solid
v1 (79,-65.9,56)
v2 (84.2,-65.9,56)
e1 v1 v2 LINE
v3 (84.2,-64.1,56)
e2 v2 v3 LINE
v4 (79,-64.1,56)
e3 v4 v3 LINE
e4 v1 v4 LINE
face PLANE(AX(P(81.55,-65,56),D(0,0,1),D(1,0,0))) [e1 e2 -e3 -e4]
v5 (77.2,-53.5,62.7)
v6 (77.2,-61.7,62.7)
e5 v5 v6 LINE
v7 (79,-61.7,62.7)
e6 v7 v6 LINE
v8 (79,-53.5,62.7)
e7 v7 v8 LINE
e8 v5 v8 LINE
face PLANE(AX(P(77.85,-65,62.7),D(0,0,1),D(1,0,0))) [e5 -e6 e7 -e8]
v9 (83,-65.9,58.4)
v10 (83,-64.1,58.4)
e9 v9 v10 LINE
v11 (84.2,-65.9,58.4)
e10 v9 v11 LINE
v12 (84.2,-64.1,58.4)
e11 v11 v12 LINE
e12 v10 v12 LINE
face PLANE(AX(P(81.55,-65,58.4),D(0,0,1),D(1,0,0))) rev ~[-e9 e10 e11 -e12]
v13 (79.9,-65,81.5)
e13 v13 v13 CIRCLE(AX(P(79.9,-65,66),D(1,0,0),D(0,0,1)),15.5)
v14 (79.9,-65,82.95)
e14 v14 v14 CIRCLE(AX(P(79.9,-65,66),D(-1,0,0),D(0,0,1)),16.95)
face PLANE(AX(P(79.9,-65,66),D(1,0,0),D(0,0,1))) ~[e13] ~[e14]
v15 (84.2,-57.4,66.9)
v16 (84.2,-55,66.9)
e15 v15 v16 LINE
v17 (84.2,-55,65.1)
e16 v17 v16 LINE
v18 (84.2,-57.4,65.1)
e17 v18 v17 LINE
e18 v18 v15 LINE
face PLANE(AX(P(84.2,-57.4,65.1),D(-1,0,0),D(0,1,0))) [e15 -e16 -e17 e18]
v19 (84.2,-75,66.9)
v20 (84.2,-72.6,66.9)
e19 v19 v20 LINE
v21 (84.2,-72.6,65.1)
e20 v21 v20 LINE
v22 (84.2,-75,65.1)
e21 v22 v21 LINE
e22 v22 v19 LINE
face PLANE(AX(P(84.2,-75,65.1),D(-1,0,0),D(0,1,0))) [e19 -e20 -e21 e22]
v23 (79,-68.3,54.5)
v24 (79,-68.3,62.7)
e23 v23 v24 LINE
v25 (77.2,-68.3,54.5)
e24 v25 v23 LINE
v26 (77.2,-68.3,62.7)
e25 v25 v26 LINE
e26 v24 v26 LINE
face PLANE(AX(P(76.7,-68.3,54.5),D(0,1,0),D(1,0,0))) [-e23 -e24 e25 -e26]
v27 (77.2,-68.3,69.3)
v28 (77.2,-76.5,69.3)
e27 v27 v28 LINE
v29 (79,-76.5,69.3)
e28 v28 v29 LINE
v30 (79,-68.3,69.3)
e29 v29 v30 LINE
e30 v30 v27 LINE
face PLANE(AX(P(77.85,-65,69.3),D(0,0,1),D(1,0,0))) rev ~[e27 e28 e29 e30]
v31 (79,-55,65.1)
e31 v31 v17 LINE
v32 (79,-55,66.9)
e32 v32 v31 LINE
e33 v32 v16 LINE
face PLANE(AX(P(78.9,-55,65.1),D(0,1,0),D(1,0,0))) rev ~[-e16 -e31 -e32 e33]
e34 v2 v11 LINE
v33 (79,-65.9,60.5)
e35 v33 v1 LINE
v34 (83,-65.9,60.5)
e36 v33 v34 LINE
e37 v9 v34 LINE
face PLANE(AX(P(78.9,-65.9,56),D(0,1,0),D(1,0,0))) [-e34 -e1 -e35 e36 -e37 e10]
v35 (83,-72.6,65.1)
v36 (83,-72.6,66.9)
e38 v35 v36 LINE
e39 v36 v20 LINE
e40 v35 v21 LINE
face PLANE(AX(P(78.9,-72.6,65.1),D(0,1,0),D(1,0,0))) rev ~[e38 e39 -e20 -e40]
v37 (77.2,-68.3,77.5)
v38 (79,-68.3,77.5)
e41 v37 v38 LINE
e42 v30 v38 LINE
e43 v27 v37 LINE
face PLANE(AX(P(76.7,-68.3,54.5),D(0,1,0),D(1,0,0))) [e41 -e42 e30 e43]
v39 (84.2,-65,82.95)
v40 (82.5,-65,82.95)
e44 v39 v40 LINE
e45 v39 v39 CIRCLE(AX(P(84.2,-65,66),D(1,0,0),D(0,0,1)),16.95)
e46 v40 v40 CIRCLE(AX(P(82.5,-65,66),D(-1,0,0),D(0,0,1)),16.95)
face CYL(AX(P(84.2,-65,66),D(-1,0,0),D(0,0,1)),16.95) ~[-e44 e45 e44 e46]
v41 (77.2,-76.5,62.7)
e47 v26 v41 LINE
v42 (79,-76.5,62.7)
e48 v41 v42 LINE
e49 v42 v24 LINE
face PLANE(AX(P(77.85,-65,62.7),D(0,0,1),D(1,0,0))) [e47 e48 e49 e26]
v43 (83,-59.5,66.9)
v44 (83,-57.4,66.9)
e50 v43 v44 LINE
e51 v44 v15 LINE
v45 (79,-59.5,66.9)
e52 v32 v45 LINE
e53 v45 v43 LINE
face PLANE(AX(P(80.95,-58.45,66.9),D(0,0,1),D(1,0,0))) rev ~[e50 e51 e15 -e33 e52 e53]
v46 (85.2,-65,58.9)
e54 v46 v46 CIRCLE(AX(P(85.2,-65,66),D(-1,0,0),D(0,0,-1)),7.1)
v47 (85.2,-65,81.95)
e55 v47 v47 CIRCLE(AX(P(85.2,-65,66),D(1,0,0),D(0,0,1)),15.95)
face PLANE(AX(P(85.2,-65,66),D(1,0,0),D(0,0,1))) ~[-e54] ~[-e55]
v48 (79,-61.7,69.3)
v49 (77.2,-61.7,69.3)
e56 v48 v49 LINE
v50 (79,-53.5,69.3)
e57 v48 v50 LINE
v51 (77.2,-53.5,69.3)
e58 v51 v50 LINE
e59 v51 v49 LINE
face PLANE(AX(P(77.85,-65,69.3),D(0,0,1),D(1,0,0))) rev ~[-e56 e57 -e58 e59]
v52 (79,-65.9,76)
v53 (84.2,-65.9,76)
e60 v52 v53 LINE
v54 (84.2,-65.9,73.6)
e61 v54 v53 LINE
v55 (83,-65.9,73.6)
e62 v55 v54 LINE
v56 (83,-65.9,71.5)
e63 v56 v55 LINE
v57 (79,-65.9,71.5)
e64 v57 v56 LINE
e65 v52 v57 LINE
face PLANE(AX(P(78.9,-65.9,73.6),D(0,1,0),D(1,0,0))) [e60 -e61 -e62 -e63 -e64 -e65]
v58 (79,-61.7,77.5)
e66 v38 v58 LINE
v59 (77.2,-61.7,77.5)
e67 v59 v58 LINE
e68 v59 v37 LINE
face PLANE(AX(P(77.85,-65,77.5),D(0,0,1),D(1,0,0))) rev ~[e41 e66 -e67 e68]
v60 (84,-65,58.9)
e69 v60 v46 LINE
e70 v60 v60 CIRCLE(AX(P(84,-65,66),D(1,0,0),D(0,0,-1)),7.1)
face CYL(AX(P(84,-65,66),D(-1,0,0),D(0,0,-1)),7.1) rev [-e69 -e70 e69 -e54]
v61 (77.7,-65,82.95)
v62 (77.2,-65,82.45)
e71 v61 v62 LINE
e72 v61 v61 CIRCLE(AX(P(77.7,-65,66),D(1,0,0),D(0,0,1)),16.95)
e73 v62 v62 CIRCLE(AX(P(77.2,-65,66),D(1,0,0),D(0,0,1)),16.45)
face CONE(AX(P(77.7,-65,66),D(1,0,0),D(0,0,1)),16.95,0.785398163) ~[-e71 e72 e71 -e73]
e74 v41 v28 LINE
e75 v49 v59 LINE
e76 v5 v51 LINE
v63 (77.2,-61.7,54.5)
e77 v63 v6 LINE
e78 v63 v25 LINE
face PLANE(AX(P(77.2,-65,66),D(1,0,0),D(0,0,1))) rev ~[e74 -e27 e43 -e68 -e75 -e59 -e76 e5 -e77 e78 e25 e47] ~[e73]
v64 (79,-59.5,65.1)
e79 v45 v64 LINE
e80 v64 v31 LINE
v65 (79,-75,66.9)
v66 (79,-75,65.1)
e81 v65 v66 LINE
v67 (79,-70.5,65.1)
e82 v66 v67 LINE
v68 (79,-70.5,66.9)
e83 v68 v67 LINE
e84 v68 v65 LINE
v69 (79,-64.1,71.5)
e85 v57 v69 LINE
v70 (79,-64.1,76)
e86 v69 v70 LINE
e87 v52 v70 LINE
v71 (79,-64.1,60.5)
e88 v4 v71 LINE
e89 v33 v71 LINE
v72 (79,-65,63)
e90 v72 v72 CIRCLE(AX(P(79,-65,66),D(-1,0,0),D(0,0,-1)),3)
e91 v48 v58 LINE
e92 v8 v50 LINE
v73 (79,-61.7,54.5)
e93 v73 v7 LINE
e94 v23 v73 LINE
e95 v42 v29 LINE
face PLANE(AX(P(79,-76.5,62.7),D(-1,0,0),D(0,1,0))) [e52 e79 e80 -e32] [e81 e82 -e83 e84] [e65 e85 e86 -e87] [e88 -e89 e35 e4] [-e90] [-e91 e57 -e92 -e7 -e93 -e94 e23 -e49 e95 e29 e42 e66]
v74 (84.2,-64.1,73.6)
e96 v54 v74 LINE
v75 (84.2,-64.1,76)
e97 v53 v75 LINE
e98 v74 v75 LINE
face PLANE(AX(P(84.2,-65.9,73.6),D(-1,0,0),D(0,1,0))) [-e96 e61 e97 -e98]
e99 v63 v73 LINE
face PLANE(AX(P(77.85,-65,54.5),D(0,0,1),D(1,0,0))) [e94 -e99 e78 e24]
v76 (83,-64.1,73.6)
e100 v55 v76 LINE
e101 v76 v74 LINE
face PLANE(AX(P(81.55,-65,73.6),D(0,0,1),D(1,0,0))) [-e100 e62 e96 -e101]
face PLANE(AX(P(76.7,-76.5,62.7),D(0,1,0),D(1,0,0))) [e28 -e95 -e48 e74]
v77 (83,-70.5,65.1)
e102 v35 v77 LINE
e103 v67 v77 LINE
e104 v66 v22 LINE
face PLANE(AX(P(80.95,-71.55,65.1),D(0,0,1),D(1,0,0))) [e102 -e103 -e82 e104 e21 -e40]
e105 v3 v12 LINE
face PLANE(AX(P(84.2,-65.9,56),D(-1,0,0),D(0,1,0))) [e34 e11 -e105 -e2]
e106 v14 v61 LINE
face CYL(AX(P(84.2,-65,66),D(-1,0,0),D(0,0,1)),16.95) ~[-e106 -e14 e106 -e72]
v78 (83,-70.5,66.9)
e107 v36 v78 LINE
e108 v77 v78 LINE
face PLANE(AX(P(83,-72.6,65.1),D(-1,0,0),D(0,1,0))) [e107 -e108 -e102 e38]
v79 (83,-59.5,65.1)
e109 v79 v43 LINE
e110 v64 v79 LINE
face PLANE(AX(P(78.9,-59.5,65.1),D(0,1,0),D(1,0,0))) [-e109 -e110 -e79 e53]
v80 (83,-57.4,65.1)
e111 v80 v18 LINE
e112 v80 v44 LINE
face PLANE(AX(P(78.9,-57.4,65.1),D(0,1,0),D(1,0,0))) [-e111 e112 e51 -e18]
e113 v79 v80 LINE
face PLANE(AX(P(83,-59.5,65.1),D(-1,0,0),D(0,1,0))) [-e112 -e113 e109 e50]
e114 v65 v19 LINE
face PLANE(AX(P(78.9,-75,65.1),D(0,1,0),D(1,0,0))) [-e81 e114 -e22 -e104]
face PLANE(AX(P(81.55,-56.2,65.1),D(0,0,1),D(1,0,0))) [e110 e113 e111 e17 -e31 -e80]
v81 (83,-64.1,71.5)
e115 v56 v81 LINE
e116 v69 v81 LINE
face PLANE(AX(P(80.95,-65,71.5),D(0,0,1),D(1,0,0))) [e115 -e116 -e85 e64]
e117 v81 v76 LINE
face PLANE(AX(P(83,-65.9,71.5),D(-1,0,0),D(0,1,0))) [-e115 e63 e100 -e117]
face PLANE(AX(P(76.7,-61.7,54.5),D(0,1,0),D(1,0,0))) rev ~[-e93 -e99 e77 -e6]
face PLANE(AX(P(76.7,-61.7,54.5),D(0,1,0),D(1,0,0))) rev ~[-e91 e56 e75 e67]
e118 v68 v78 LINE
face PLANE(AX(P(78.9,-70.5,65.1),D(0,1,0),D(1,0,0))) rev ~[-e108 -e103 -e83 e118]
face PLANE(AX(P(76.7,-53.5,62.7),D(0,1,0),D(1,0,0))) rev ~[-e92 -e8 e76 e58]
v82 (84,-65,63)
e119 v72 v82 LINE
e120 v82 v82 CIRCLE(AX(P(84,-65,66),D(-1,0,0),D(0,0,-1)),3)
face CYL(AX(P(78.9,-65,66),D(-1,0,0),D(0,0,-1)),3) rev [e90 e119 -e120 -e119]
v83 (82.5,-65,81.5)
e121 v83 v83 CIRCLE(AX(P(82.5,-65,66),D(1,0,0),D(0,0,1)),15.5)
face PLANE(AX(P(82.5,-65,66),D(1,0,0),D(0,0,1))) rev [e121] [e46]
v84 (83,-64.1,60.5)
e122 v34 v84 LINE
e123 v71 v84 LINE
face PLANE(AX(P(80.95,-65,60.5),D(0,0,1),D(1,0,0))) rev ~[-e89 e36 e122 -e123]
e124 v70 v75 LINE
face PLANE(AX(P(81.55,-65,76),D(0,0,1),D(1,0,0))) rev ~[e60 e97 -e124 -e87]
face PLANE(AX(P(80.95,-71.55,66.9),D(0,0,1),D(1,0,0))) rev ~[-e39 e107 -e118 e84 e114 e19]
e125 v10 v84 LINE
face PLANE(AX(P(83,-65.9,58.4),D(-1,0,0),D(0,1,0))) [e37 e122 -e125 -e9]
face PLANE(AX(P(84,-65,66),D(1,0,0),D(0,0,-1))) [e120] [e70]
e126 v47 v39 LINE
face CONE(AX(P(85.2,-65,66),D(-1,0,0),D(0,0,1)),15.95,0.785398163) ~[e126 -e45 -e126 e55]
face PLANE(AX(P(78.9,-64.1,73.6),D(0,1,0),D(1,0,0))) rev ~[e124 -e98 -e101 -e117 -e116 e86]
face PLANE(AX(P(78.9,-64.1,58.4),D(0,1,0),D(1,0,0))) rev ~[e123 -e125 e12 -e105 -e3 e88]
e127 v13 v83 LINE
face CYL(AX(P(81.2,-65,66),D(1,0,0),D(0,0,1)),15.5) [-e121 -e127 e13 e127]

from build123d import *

# Parameters (mm, degrees)
SKETCH2_W            = 2.6
SKETCH2_H            = 2.45
BOSS_EXTRUDE1_START  = 62.7
SKETCH3_W            = 2.3
SKETCH3_H            = 23
BOSS_EXTRUDE1_DEPTH  = 6.6
BOSS_EXTRUDE2_START  = 54.5
SKETCH4_W            = 2.3
SKETCH4_H            = 6.6
BOSS_EXTRUDE2_DEPTH  = 23
BOSS_EXTRUDE3_START  = 76.7
SKETCH5_R            = 4.6
BOSS_EXTRUDE3_DEPTH  = 2.3
BOSS_EXTRUDE4_START  = 84
SKETCH6_R            = 7.1
BOSS_EXTRUDE4_DEPTH  = 1.7
BOSS_EXTRUDE5_START  = 78.9
SKETCH7_R            = 3
BOSS_EXTRUDE5_DEPTH  = 5.2
BOSS_EXTRUDE6_START  = 65.1
SKETCH8_W            = 4.1
SKETCH8_H            = 2.1
BOSS_EXTRUDE6_DEPTH  = 1.8
BOSS_EXTRUDE7_START  = 71.5
SKETCH9_W            = 4.1
SKETCH9_H            = 1.8
BOSS_EXTRUDE7_DEPTH  = 2.1
BOSS_EXTRUDE8_START  = 65.1
SKETCH10_W           = 4.1
SKETCH10_H           = 2.1
BOSS_EXTRUDE8_DEPTH  = 1.8
BOSS_EXTRUDE9_START  = 58.4
SKETCH11_W           = 4.1
SKETCH11_H           = 1.8
BOSS_EXTRUDE9_DEPTH  = 2.1
BOSS_EXTRUDE10_START = 65.1
SKETCH12_W           = 5.3
SKETCH12_H           = 2.4
BOSS_EXTRUDE10_DEPTH = 1.8
BOSS_EXTRUDE11_START = 73.6
SKETCH13_W           = 5.3
SKETCH13_H           = 1.8
BOSS_EXTRUDE11_DEPTH = 2.4
BOSS_EXTRUDE12_START = 65.1
SKETCH14_W           = 5.3
SKETCH14_H           = 2.4
BOSS_EXTRUDE12_DEPTH = 1.8
BOSS_EXTRUDE13_START = 56
SKETCH15_W           = 5.3
SKETCH15_H           = 1.8
BOSS_EXTRUDE13_DEPTH = 2.4


with BuildPart() as part:
    # Sketch1 → Revolve1 (revolve)
    with BuildSketch(Plane.XY.offset(66)):
        Polygon((77.2, -65), (85.2, -65), (85.2, -49.05), (84.2, -48.05), (77.7, -48.05), (77.2, -48.55), align=None)
    revolve(axis=Axis((72.2, -65, 66), (1, 0, 0)))


with BuildPart() as body_2:
    # Sketch2 → Revolve2 (revolve)
    with BuildSketch(Plane.XY.offset(66)):
        with Locations((81.2, -48.275)):
            Rectangle(SKETCH2_W, SKETCH2_H)
    revolve(axis=Axis((74.9, -65, 66), (1, 0, 0)))


with BuildPart() as part_1:
    add(part.part)

    # Combine1: cut body 2
    add(body_2.part, mode=Mode.SUBTRACT)


with BuildPart() as body_2_2:
    # Sketch3 → Boss-Extrude1 (new body)
    with BuildSketch(Plane.XY.offset(BOSS_EXTRUDE1_START)):
        with Locations((77.85, -65)):
            Rectangle(SKETCH3_W, SKETCH3_H)
    extrude(amount=BOSS_EXTRUDE1_DEPTH)


with BuildPart() as part_2:
    add(part_1.part)

    # Combine2: cut body 2 2
    add(body_2_2.part, mode=Mode.SUBTRACT)


with BuildPart() as body_2_3:
    # Sketch4 → Boss-Extrude2 (new body)
    with BuildSketch(Plane.XY.offset(BOSS_EXTRUDE2_START)):
        with Locations((77.85, -65)):
            Rectangle(SKETCH4_W, SKETCH4_H)
    extrude(amount=BOSS_EXTRUDE2_DEPTH)


with BuildPart() as part_3:
    add(part_2.part)

    # Combine3: cut body 2 3
    add(body_2_3.part, mode=Mode.SUBTRACT)


with BuildPart() as body_2_4:
    # Sketch5 → Boss-Extrude3 (new body)
    with BuildSketch(Plane(origin=(0, 0, 0), x_dir=(0, 0, -1), z_dir=(1, 0, 0)).offset(BOSS_EXTRUDE3_START)):
        with Locations((-66, -65)):
            Circle(SKETCH5_R)
    extrude(amount=BOSS_EXTRUDE3_DEPTH)


with BuildPart() as part_4:
    add(part_3.part)

    # Combine4: cut body 2 4
    add(body_2_4.part, mode=Mode.SUBTRACT)


with BuildPart() as body_2_5:
    # Sketch6 → Boss-Extrude4 (new body)
    with BuildSketch(Plane(origin=(0, 0, 0), x_dir=(0, 0, -1), z_dir=(1, 0, 0)).offset(BOSS_EXTRUDE4_START)):
        with Locations((-66, -65)):
            Circle(SKETCH6_R)
    extrude(amount=BOSS_EXTRUDE4_DEPTH)


with BuildPart() as part_5:
    add(part_4.part)

    # Combine5: cut body 2 5
    add(body_2_5.part, mode=Mode.SUBTRACT)


with BuildPart() as body_2_6:
    # Sketch7 → Boss-Extrude5 (new body)
    with BuildSketch(Plane(origin=(0, 0, 0), x_dir=(0, 0, -1), z_dir=(1, 0, 0)).offset(BOSS_EXTRUDE5_START)):
        with Locations((-66, -65)):
            Circle(SKETCH7_R)
    extrude(amount=BOSS_EXTRUDE5_DEPTH)


with BuildPart() as part_6:
    add(part_5.part)

    # Combine6: cut body 2 6
    add(body_2_6.part, mode=Mode.SUBTRACT)


with BuildPart() as body_2_7:
    # Sketch8 → Boss-Extrude6 (new body)
    with BuildSketch(Plane.XY.offset(BOSS_EXTRUDE6_START)):
        with Locations((80.95, -58.45)):
            Rectangle(SKETCH8_W, SKETCH8_H)
    extrude(amount=BOSS_EXTRUDE6_DEPTH)


with BuildPart() as part_7:
    add(part_6.part)

    # Combine7: cut body 2 7
    add(body_2_7.part, mode=Mode.SUBTRACT)


with BuildPart() as body_2_8:
    # Sketch9 → Boss-Extrude7 (new body)
    with BuildSketch(Plane.XY.offset(BOSS_EXTRUDE7_START)):
        with Locations((80.95, -65)):
            Rectangle(SKETCH9_W, SKETCH9_H)
    extrude(amount=BOSS_EXTRUDE7_DEPTH)


with BuildPart() as part_8:
    add(part_7.part)

    # Combine8: cut body 2 8
    add(body_2_8.part, mode=Mode.SUBTRACT)


with BuildPart() as body_2_9:
    # Sketch10 → Boss-Extrude8 (new body)
    with BuildSketch(Plane.XY.offset(BOSS_EXTRUDE8_START)):
        with Locations((80.95, -71.55)):
            Rectangle(SKETCH10_W, SKETCH10_H)
    extrude(amount=BOSS_EXTRUDE8_DEPTH)


with BuildPart() as part_9:
    add(part_8.part)

    # Combine9: cut body 2 9
    add(body_2_9.part, mode=Mode.SUBTRACT)


with BuildPart() as body_2_10:
    # Sketch11 → Boss-Extrude9 (new body)
    with BuildSketch(Plane.XY.offset(BOSS_EXTRUDE9_START)):
        with Locations((80.95, -65)):
            Rectangle(SKETCH11_W, SKETCH11_H)
    extrude(amount=BOSS_EXTRUDE9_DEPTH)


with BuildPart() as part_10:
    add(part_9.part)

    # Combine10: cut body 2 10
    add(body_2_10.part, mode=Mode.SUBTRACT)


with BuildPart() as body_2_11:
    # Sketch12 → Boss-Extrude10 (new body)
    with BuildSketch(Plane.XY.offset(BOSS_EXTRUDE10_START)):
        with Locations((81.55, -56.2)):
            Rectangle(SKETCH12_W, SKETCH12_H)
    extrude(amount=BOSS_EXTRUDE10_DEPTH)


with BuildPart() as part_11:
    add(part_10.part)

    # Combine11: cut body 2 11
    add(body_2_11.part, mode=Mode.SUBTRACT)


with BuildPart() as body_2_12:
    # Sketch13 → Boss-Extrude11 (new body)
    with BuildSketch(Plane.XY.offset(BOSS_EXTRUDE11_START)):
        with Locations((81.55, -65)):
            Rectangle(SKETCH13_W, SKETCH13_H)
    extrude(amount=BOSS_EXTRUDE11_DEPTH)


with BuildPart() as part_12:
    add(part_11.part)

    # Combine12: cut body 2 12
    add(body_2_12.part, mode=Mode.SUBTRACT)


with BuildPart() as body_2_13:
    # Sketch14 → Boss-Extrude12 (new body)
    with BuildSketch(Plane.XY.offset(BOSS_EXTRUDE12_START)):
        with Locations((81.55, -73.8)):
            Rectangle(SKETCH14_W, SKETCH14_H)
    extrude(amount=BOSS_EXTRUDE12_DEPTH)


with BuildPart() as part_13:
    add(part_12.part)

    # Combine13: cut body 2 13
    add(body_2_13.part, mode=Mode.SUBTRACT)


with BuildPart() as body_2_14:
    # Sketch15 → Boss-Extrude13 (new body)
    with BuildSketch(Plane.XY.offset(BOSS_EXTRUDE13_START)):
        with Locations((81.55, -65)):
            Rectangle(SKETCH15_W, SKETCH15_H)
    extrude(amount=BOSS_EXTRUDE13_DEPTH)


with BuildPart() as part_14:
    add(part_13.part)

    # Combine14: cut body 2 14
    add(body_2_14.part, mode=Mode.SUBTRACT)


solid = part_14.part
